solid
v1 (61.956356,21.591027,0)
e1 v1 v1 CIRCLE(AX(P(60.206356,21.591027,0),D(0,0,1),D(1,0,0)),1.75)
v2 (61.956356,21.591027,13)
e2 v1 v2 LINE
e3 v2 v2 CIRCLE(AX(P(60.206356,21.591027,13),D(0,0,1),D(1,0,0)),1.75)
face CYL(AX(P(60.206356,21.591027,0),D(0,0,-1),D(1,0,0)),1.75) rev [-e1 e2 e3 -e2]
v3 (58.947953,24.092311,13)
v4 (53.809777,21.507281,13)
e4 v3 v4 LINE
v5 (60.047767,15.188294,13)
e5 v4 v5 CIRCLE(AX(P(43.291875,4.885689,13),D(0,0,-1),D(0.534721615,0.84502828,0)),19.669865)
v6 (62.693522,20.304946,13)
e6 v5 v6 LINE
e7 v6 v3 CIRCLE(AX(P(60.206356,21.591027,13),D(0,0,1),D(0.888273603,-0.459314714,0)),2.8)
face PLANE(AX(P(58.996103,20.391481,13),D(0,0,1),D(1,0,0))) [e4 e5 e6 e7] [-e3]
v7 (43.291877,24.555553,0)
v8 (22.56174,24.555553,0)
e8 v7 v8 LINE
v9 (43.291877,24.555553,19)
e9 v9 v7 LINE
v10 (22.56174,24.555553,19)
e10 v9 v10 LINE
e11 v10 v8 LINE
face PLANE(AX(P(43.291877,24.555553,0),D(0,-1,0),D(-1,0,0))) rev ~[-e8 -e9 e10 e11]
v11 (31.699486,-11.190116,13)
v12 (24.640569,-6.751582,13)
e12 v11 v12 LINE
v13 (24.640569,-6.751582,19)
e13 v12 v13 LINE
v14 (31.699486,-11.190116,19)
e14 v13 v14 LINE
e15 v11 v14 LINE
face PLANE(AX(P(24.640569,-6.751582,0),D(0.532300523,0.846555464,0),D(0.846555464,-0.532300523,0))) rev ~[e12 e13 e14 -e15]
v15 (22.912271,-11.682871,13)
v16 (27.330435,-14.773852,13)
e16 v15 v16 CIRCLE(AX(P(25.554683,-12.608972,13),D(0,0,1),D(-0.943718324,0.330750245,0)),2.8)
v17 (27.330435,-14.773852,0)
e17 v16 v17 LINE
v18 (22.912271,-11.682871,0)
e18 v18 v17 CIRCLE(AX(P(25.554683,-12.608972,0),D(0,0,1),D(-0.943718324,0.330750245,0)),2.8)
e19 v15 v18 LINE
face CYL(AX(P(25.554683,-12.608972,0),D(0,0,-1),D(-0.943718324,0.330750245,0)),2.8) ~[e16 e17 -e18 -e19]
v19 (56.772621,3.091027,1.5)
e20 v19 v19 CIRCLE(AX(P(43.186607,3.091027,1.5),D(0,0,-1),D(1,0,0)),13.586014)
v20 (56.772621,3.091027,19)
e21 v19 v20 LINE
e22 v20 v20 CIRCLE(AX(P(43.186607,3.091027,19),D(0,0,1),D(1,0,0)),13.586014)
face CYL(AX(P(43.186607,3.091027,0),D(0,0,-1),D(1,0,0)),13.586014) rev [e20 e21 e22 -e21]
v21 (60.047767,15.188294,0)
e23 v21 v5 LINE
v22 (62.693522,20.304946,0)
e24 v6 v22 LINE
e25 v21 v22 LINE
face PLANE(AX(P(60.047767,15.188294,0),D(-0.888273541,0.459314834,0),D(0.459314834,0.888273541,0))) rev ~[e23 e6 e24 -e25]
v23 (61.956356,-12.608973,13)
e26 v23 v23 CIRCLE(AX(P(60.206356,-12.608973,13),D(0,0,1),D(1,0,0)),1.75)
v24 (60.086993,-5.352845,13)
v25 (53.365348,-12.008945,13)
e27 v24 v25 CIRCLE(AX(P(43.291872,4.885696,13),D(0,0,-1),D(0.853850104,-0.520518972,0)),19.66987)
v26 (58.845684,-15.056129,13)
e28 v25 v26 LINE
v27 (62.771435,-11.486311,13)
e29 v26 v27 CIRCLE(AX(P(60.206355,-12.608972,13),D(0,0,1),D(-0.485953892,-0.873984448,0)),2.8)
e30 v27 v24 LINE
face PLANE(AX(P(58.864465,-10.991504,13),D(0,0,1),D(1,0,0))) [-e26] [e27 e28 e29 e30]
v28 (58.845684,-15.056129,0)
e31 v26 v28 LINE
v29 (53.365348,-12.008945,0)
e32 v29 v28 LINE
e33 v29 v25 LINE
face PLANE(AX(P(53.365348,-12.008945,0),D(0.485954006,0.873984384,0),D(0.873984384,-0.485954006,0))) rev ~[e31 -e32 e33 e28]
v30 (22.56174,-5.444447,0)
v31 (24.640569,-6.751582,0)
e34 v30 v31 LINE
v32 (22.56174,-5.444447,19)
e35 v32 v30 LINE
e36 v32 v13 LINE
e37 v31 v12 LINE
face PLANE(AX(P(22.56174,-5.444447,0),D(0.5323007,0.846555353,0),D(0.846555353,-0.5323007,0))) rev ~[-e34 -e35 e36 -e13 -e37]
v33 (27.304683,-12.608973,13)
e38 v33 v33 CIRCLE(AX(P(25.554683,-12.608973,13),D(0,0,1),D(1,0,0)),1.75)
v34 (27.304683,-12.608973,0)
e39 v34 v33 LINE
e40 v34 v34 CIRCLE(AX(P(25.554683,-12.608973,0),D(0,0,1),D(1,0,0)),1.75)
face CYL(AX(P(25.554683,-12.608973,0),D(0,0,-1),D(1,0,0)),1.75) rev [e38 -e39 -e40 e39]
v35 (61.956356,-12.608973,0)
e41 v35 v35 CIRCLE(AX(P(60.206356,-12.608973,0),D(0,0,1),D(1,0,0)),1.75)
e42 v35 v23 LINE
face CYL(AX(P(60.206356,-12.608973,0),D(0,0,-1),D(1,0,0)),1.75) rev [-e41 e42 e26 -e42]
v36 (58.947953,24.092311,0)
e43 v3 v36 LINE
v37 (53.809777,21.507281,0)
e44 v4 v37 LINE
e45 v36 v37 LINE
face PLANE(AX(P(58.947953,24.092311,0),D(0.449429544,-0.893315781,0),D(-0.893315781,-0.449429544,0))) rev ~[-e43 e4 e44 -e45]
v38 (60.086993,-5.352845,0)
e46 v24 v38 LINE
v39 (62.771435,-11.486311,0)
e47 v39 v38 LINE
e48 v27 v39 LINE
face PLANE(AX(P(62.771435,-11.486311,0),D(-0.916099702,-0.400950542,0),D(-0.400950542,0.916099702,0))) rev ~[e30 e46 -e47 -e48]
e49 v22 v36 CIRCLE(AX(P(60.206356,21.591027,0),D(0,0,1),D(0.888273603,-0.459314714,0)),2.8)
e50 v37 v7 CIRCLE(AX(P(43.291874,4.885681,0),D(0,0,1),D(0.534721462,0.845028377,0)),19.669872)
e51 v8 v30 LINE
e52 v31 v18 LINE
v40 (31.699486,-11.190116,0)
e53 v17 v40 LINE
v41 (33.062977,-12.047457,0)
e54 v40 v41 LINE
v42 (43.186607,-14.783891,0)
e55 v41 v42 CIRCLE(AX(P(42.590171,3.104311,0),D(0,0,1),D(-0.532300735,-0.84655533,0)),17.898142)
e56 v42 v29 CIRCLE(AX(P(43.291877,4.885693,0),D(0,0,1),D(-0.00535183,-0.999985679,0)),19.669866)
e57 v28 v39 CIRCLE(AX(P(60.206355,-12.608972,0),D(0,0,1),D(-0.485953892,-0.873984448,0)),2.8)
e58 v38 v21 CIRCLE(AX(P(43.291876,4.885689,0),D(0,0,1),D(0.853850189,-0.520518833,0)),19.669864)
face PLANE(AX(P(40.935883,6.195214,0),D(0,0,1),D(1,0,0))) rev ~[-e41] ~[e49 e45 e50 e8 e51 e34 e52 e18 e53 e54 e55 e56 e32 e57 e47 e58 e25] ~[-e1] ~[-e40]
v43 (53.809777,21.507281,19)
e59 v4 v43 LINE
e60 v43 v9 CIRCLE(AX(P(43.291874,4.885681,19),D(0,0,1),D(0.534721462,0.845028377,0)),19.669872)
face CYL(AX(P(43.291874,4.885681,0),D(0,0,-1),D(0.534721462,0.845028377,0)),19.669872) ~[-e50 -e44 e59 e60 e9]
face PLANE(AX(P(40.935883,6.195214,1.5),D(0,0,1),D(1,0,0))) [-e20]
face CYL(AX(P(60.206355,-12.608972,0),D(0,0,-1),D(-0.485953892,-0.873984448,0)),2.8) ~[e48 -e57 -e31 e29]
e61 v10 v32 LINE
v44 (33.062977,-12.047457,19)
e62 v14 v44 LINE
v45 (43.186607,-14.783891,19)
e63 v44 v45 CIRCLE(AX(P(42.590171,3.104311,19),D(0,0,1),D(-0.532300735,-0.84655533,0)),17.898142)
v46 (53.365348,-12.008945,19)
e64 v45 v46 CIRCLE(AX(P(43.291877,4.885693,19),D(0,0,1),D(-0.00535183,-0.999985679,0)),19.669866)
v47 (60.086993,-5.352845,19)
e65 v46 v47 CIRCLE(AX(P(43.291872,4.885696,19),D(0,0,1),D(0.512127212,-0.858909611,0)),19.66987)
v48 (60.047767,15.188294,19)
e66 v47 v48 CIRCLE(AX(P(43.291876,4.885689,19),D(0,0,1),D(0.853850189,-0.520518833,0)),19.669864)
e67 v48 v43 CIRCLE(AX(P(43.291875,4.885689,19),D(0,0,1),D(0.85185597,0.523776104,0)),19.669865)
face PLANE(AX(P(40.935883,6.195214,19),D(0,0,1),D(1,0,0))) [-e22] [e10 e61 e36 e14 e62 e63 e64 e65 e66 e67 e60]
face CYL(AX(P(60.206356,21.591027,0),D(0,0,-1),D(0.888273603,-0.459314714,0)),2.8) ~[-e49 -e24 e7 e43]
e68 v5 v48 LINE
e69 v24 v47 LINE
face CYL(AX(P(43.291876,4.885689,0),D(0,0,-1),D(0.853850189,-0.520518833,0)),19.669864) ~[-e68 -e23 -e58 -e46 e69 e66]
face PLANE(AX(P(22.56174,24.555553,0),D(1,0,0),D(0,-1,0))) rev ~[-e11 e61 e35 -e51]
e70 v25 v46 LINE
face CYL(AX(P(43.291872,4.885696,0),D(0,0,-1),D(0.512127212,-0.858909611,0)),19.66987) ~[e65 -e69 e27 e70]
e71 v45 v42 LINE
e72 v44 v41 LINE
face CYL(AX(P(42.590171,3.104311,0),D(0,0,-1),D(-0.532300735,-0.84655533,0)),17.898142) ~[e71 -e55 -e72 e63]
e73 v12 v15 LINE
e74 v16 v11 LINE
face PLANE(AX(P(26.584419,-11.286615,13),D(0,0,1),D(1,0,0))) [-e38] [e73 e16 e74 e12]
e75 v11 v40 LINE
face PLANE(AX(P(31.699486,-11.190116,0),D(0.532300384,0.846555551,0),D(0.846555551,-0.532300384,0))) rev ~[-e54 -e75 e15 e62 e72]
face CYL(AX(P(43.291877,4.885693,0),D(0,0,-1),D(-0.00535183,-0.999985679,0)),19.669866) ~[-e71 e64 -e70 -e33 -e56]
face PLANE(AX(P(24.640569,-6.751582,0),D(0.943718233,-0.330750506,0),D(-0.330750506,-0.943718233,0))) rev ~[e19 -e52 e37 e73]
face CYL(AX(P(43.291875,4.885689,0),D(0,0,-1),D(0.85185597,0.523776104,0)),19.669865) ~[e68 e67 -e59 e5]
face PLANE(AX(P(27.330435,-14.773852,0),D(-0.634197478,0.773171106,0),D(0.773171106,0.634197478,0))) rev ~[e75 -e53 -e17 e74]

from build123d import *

# Parameters (mm, degrees)
F0_R     = 13.586014
F0_R_2   = 1.75
F1_DEPTH = 1.5
F2_DEPTH = 13
F3_DEPTH = 19


with BuildPart() as f1:
    # F0 (on Top) → F1 (new body)
    with BuildSketch(Plane.XY):
        with BuildLine():
            Line((43.291877, 24.555553), (22.56174, 24.555553))
            Line((22.56174, 24.555553), (22.56174, -5.444447))
            Line((22.56174, -5.444447), (24.640569, -6.751582))
            Line((24.640569, -6.751582), (31.699486, -11.190116))
            Line((31.699486, -11.190116), (33.062977, -12.047457))
            ThreePointArc((33.062977, -12.047457), (37.919879, -14.173764), (43.186607, -14.783891))
            ThreePointArc((43.186607, -14.783891), (48.465497, -14.09159), (53.365348, -12.008945))
            ThreePointArc((53.365348, -12.008945), (57.132258, -9.090982), (60.086993, -5.352845))
            ThreePointArc((60.086993, -5.352845), (62.961704, 4.923251), (60.047767, 15.188294))
            ThreePointArc((60.047767, 15.188294), (57.289995, 18.70438), (53.809777, 21.507281))
            ThreePointArc((53.809777, 21.507281), (48.767235, 23.778121), (43.291877, 24.555553))
        make_face()
        with Locations((43.186607, 3.091027)):
            Circle(F0_R, mode=Mode.SUBTRACT)
        with Locations((43.186607, 3.091027)):
            Circle(F0_R)
        with BuildLine():
            Line((31.699486, -11.190116), (24.640569, -6.751582))
            Line((24.640569, -6.751582), (22.912271, -11.682871))
            ThreePointArc((22.912271, -11.682871), (23.949593, -14.903245), (27.330435, -14.773852))
            Line((27.330435, -14.773852), (31.699486, -11.190116))
        make_face()
        with Locations((25.554683, -12.608973)):
            Circle(F0_R_2, mode=Mode.SUBTRACT)
        with BuildLine():
            Line((62.771435, -11.486311), (60.086993, -5.352845))
            ThreePointArc((60.086993, -5.352845), (57.132258, -9.090982), (53.365348, -12.008945))
            Line((53.365348, -12.008945), (58.845684, -15.056129))
            ThreePointArc((58.845684, -15.056129), (62.090115, -14.680554), (62.771435, -11.486311))
        make_face()
        with Locations((60.206356, -12.608973)):
            Circle(F0_R_2, mode=Mode.SUBTRACT)
        with BuildLine():
            Line((58.947953, 24.092311), (53.809777, 21.507281))
            ThreePointArc((53.809777, 21.507281), (57.289995, 18.70438), (60.047767, 15.188294))
            Line((60.047767, 15.188294), (62.693522, 20.304946))
            ThreePointArc((62.693522, 20.304946), (62.197209, 23.559911), (58.947953, 24.092311))
        make_face()
        with Locations((60.206356, 21.591027)):
            Circle(F0_R_2, mode=Mode.SUBTRACT)
    extrude(amount=F1_DEPTH)

    # F0 (on Top) → F2 (join)
    with BuildSketch(Plane.XY):
        with BuildLine():
            Line((31.699486, -11.190116), (24.640569, -6.751582))
            Line((24.640569, -6.751582), (22.912271, -11.682871))
            ThreePointArc((22.912271, -11.682871), (23.949593, -14.903245), (27.330435, -14.773852))
            Line((27.330435, -14.773852), (31.699486, -11.190116))
        make_face()
        with Locations((25.554683, -12.608973)):
            Circle(F0_R_2, mode=Mode.SUBTRACT)
        with BuildLine():
            Line((62.771435, -11.486311), (60.086993, -5.352845))
            ThreePointArc((60.086993, -5.352845), (57.132258, -9.090982), (53.365348, -12.008945))
            Line((53.365348, -12.008945), (58.845684, -15.056129))
            ThreePointArc((58.845684, -15.056129), (62.090115, -14.680554), (62.771435, -11.486311))
        make_face()
        with Locations((60.206356, -12.608973)):
            Circle(F0_R_2, mode=Mode.SUBTRACT)
        with BuildLine():
            Line((58.947953, 24.092311), (53.809777, 21.507281))
            ThreePointArc((53.809777, 21.507281), (57.289995, 18.70438), (60.047767, 15.188294))
            Line((60.047767, 15.188294), (62.693522, 20.304946))
            ThreePointArc((62.693522, 20.304946), (62.197209, 23.559911), (58.947953, 24.092311))
        make_face()
        with Locations((60.206356, 21.591027)):
            Circle(F0_R_2, mode=Mode.SUBTRACT)
    extrude(amount=F2_DEPTH)

    # F0 (on Top) → F3 (join)
    with BuildSketch(Plane.XY):
        with BuildLine():
            Line((43.291877, 24.555553), (22.56174, 24.555553))
            Line((22.56174, 24.555553), (22.56174, -5.444447))
            Line((22.56174, -5.444447), (24.640569, -6.751582))
            Line((24.640569, -6.751582), (31.699486, -11.190116))
            Line((31.699486, -11.190116), (33.062977, -12.047457))
            ThreePointArc((33.062977, -12.047457), (37.919879, -14.173764), (43.186607, -14.783891))
            ThreePointArc((43.186607, -14.783891), (48.465497, -14.09159), (53.365348, -12.008945))
            ThreePointArc((53.365348, -12.008945), (57.132258, -9.090982), (60.086993, -5.352845))
            ThreePointArc((60.086993, -5.352845), (62.961704, 4.923251), (60.047767, 15.188294))
            ThreePointArc((60.047767, 15.188294), (57.289995, 18.70438), (53.809777, 21.507281))
            ThreePointArc((53.809777, 21.507281), (48.767235, 23.778121), (43.291877, 24.555553))
        make_face()
        with Locations((43.186607, 3.091027)):
            Circle(F0_R, mode=Mode.SUBTRACT)
    extrude(amount=F3_DEPTH)


solid = f1.part
